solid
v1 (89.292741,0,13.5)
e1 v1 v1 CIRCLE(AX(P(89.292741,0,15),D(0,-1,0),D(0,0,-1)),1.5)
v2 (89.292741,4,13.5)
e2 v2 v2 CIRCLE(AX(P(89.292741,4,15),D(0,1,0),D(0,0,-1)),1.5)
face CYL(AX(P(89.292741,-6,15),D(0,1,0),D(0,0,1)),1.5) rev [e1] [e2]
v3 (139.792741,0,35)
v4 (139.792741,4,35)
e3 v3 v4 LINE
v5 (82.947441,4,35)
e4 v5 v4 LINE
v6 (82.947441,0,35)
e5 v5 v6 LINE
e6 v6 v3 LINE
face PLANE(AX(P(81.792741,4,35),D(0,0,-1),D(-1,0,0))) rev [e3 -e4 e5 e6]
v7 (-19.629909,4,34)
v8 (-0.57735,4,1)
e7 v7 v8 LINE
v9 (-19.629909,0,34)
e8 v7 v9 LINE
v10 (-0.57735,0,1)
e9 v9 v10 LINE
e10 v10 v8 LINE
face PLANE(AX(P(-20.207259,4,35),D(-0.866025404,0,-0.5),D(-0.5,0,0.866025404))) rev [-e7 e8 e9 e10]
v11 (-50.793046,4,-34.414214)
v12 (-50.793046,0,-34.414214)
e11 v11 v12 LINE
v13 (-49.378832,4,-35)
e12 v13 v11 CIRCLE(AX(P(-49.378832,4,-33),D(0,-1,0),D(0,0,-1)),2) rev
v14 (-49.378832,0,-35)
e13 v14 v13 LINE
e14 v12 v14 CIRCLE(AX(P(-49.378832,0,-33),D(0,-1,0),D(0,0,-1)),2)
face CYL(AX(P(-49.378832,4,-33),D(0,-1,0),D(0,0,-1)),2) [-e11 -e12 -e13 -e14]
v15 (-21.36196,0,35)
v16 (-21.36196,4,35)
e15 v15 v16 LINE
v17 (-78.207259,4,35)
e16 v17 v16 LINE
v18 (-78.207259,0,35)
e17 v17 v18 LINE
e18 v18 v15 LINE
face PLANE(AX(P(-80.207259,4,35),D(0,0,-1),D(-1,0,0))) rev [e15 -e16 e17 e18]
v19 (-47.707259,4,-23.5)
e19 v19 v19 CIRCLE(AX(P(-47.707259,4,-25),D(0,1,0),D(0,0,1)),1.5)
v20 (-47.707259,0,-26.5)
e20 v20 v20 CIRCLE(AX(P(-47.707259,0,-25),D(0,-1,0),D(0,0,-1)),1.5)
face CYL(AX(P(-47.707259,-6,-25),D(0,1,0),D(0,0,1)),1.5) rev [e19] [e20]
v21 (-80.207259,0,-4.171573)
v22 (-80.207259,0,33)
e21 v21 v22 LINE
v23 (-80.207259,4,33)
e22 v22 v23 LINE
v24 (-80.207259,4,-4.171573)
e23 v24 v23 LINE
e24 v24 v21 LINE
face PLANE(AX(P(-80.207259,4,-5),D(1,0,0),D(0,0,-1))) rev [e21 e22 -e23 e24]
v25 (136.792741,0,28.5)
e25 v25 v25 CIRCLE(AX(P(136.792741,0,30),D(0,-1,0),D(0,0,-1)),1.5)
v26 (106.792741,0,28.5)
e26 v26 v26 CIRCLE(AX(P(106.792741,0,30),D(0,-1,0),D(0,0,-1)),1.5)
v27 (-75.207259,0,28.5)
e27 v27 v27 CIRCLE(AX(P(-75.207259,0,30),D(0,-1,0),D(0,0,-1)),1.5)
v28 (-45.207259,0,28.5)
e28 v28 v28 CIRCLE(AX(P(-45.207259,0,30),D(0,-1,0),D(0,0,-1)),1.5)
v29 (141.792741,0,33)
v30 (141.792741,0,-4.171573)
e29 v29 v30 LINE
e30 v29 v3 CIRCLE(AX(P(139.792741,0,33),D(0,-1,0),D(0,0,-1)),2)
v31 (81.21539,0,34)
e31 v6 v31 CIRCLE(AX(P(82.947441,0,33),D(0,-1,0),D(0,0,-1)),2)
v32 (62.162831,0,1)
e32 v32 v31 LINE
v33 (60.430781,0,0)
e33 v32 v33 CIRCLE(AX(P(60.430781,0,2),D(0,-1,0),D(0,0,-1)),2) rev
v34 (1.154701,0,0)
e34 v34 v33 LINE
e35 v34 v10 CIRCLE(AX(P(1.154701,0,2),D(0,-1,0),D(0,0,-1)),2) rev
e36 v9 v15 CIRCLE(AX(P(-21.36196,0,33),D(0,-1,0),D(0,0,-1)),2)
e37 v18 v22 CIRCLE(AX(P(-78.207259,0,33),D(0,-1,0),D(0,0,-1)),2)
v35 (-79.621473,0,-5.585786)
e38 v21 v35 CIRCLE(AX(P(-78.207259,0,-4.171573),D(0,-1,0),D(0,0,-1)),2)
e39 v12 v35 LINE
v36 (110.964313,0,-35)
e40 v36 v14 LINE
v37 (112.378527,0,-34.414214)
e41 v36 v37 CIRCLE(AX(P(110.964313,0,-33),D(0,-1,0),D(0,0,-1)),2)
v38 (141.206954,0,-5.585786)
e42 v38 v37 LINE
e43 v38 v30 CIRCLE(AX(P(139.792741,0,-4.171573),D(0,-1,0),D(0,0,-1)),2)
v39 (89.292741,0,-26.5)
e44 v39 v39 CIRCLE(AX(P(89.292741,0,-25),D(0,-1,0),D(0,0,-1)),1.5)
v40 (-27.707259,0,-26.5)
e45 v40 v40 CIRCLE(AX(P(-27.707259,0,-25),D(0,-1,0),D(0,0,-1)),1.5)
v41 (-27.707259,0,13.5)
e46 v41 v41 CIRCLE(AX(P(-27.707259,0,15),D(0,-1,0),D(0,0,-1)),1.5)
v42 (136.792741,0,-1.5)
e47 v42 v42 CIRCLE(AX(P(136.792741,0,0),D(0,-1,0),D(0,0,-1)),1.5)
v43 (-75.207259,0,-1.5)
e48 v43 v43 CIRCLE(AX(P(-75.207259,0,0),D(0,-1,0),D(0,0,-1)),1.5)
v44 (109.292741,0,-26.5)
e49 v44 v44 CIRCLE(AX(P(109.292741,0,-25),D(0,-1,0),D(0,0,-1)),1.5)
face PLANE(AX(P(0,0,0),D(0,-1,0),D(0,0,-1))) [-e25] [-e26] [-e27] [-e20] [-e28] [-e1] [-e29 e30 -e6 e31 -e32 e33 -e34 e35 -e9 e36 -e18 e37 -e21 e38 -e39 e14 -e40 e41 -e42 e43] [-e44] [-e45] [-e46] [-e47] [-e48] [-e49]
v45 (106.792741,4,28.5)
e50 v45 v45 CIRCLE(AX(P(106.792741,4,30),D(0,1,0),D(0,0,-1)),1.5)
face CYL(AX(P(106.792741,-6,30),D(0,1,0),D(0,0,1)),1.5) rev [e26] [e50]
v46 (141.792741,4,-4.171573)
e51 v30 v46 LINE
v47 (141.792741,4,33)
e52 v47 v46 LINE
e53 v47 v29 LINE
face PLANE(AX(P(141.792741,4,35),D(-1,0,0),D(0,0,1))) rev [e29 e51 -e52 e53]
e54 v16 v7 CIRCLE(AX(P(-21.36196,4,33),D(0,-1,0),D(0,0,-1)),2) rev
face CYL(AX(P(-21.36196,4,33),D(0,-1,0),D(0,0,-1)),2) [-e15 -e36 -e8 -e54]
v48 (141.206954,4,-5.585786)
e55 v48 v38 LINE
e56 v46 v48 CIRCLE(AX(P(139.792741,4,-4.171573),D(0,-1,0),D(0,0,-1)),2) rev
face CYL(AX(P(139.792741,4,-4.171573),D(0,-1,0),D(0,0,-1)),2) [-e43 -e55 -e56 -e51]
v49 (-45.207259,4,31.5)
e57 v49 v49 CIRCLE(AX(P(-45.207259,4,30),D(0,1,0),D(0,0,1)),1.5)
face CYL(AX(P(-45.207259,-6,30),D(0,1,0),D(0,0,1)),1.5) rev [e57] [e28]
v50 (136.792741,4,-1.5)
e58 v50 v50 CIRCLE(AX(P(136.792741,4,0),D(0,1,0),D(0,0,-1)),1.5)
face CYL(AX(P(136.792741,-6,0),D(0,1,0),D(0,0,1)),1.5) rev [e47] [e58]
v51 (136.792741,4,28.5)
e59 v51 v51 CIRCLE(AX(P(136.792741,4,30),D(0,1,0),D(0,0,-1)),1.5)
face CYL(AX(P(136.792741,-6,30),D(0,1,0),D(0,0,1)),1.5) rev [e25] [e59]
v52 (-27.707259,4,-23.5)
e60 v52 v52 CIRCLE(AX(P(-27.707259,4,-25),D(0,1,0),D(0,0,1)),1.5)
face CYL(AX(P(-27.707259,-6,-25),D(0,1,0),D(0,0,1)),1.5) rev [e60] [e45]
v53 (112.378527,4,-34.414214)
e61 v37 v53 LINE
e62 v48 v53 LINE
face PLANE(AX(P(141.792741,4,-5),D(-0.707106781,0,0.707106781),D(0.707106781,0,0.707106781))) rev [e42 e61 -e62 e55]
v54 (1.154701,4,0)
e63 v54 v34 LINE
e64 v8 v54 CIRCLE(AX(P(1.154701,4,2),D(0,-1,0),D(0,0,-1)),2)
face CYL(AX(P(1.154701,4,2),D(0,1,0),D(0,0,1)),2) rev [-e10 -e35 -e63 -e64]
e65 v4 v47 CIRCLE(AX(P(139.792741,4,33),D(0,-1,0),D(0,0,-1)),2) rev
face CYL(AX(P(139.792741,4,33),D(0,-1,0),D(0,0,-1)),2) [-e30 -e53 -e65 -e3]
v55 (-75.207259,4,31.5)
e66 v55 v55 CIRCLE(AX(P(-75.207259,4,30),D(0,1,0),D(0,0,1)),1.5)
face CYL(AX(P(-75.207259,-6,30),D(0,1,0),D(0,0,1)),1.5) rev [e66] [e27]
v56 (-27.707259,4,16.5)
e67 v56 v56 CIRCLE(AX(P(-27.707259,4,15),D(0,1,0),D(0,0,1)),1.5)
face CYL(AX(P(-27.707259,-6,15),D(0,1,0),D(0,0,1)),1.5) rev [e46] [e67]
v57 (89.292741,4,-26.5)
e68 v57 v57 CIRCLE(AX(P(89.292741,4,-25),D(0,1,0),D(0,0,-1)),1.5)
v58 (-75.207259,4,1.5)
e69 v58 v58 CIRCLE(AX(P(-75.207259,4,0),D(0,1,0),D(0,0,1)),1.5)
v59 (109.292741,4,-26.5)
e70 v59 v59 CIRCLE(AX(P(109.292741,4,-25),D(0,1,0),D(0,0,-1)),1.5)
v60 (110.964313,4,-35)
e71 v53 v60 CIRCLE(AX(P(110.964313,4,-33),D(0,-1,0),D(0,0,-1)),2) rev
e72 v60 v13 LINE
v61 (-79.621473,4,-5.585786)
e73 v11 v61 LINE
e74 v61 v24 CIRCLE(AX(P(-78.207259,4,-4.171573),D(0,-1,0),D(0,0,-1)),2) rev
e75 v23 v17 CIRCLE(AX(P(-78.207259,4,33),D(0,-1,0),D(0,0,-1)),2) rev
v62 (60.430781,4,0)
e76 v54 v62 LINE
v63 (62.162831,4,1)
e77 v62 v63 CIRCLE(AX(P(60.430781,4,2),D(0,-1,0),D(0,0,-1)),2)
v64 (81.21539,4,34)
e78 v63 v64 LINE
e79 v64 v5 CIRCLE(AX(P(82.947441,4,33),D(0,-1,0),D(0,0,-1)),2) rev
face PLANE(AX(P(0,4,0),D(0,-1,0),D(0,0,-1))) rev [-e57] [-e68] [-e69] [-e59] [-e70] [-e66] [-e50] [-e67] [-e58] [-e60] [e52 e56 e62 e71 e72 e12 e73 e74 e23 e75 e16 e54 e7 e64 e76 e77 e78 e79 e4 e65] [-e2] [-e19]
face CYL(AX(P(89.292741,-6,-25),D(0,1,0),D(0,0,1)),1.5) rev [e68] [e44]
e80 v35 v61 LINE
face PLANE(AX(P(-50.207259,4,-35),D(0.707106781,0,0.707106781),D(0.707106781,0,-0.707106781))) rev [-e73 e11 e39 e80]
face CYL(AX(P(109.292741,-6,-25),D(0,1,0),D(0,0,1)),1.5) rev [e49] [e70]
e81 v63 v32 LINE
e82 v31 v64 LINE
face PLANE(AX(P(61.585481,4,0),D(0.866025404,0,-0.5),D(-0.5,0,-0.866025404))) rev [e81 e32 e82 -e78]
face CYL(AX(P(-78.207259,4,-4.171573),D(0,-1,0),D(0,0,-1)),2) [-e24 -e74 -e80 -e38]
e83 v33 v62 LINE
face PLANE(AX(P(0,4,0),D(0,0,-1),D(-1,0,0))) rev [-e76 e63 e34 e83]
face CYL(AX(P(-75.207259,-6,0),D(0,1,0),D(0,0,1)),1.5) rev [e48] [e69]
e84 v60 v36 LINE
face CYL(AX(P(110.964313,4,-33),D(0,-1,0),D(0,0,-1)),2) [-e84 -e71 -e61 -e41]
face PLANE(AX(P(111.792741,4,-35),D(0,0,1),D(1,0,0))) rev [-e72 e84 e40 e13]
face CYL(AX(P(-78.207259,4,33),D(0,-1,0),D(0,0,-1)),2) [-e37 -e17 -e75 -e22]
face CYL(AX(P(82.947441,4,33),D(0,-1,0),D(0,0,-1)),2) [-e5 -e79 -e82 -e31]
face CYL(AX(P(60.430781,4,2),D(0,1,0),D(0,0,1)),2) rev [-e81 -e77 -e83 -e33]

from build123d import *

# Parameters (mm, degrees)
EXTRUDE_1_DEPTH     = 4
SKETCH_2_R          = 1.5
CUT_EXTRUDE_1_DEPTH = 10
FILLET_2_R          = 2


with BuildPart() as part:
    # 草图1 → 凸台-拉伸1 (new body)
    with BuildSketch(Plane(origin=(0, 0, 0), x_dir=(1, 0, 0), z_dir=(0, 1, 0))):
        Polygon((-80.207259422, 5), (-80.207259422, -35), (-20.207259422, -35), (0, 0), (61.585481157, 0), (81.792740578, -35), (141.792740578, -35), (141.792740578, 5), (111.792740578, 35), (-50.207259422, 35), align=None)
    extrude(amount=EXTRUDE_1_DEPTH)

    # 草图2 → 切除-拉伸1 (cut)
    with BuildSketch(Plane(origin=(0, 4, 0), x_dir=(1, 0, 0), z_dir=(0, 1, 0))):
        with Locations(Location((-27.707259422, -15, 0), (0, 0, 270))):
            Circle(SKETCH_2_R)
        with Locations(Location((-27.707259422, 25, 0), (0, 0, 270))):
            Circle(SKETCH_2_R)
        with Locations(Location((-75.207259422, -30, 0), (0, 0, 270))):
            Circle(SKETCH_2_R)
        with Locations(Location((-45.207259422, -30, 0), (0, 0, 270))):
            Circle(SKETCH_2_R)
        with Locations(Location((-75.207259422, 0, 0), (0, 0, 270))):
            Circle(SKETCH_2_R)
        with Locations(Location((-47.707259422, 25, 0), (0, 0, 270))):
            Circle(SKETCH_2_R)
        with Locations(Location((109.292740578, 25, 0), (0, 0, 90))):
            Circle(SKETCH_2_R)
        with Locations(Location((136.792740578, 0, 0), (0, 0, 90))):
            Circle(SKETCH_2_R)
        with Locations(Location((106.792740578, -30, 0), (0, 0, 90))):
            Circle(SKETCH_2_R)
        with Locations(Location((136.792740578, -30, 0), (0, 0, 90))):
            Circle(SKETCH_2_R)
        with Locations(Location((89.292740578, 25, 0), (0, 0, 90))):
            Circle(SKETCH_2_R)
        with Locations(Location((89.292740578, -15, 0), (0, 0, 90))):
            Circle(SKETCH_2_R)
    extrude(amount=-CUT_EXTRUDE_1_DEPTH, mode=Mode.SUBTRACT)

    # 圆角2
    fillet_2_edges = [part.edges().sort_by_distance(p)[0] for p in [
        (-50.207259422, 2, -35),
        (111.792740578, 2, -35),
        (141.792740578, 2, -5),
        (141.792740578, 2, 35),
        (81.792740578, 2, 35),
        (61.585481157, 2, 0),
        (0, 2, 0),
        (-20.207259422, 2, 35),
        (-80.207259422, 2, 35),
        (-80.207259422, 2, -5),
    ]]
    fillet(fillet_2_edges, radius=FILLET_2_R)


solid = part.part
